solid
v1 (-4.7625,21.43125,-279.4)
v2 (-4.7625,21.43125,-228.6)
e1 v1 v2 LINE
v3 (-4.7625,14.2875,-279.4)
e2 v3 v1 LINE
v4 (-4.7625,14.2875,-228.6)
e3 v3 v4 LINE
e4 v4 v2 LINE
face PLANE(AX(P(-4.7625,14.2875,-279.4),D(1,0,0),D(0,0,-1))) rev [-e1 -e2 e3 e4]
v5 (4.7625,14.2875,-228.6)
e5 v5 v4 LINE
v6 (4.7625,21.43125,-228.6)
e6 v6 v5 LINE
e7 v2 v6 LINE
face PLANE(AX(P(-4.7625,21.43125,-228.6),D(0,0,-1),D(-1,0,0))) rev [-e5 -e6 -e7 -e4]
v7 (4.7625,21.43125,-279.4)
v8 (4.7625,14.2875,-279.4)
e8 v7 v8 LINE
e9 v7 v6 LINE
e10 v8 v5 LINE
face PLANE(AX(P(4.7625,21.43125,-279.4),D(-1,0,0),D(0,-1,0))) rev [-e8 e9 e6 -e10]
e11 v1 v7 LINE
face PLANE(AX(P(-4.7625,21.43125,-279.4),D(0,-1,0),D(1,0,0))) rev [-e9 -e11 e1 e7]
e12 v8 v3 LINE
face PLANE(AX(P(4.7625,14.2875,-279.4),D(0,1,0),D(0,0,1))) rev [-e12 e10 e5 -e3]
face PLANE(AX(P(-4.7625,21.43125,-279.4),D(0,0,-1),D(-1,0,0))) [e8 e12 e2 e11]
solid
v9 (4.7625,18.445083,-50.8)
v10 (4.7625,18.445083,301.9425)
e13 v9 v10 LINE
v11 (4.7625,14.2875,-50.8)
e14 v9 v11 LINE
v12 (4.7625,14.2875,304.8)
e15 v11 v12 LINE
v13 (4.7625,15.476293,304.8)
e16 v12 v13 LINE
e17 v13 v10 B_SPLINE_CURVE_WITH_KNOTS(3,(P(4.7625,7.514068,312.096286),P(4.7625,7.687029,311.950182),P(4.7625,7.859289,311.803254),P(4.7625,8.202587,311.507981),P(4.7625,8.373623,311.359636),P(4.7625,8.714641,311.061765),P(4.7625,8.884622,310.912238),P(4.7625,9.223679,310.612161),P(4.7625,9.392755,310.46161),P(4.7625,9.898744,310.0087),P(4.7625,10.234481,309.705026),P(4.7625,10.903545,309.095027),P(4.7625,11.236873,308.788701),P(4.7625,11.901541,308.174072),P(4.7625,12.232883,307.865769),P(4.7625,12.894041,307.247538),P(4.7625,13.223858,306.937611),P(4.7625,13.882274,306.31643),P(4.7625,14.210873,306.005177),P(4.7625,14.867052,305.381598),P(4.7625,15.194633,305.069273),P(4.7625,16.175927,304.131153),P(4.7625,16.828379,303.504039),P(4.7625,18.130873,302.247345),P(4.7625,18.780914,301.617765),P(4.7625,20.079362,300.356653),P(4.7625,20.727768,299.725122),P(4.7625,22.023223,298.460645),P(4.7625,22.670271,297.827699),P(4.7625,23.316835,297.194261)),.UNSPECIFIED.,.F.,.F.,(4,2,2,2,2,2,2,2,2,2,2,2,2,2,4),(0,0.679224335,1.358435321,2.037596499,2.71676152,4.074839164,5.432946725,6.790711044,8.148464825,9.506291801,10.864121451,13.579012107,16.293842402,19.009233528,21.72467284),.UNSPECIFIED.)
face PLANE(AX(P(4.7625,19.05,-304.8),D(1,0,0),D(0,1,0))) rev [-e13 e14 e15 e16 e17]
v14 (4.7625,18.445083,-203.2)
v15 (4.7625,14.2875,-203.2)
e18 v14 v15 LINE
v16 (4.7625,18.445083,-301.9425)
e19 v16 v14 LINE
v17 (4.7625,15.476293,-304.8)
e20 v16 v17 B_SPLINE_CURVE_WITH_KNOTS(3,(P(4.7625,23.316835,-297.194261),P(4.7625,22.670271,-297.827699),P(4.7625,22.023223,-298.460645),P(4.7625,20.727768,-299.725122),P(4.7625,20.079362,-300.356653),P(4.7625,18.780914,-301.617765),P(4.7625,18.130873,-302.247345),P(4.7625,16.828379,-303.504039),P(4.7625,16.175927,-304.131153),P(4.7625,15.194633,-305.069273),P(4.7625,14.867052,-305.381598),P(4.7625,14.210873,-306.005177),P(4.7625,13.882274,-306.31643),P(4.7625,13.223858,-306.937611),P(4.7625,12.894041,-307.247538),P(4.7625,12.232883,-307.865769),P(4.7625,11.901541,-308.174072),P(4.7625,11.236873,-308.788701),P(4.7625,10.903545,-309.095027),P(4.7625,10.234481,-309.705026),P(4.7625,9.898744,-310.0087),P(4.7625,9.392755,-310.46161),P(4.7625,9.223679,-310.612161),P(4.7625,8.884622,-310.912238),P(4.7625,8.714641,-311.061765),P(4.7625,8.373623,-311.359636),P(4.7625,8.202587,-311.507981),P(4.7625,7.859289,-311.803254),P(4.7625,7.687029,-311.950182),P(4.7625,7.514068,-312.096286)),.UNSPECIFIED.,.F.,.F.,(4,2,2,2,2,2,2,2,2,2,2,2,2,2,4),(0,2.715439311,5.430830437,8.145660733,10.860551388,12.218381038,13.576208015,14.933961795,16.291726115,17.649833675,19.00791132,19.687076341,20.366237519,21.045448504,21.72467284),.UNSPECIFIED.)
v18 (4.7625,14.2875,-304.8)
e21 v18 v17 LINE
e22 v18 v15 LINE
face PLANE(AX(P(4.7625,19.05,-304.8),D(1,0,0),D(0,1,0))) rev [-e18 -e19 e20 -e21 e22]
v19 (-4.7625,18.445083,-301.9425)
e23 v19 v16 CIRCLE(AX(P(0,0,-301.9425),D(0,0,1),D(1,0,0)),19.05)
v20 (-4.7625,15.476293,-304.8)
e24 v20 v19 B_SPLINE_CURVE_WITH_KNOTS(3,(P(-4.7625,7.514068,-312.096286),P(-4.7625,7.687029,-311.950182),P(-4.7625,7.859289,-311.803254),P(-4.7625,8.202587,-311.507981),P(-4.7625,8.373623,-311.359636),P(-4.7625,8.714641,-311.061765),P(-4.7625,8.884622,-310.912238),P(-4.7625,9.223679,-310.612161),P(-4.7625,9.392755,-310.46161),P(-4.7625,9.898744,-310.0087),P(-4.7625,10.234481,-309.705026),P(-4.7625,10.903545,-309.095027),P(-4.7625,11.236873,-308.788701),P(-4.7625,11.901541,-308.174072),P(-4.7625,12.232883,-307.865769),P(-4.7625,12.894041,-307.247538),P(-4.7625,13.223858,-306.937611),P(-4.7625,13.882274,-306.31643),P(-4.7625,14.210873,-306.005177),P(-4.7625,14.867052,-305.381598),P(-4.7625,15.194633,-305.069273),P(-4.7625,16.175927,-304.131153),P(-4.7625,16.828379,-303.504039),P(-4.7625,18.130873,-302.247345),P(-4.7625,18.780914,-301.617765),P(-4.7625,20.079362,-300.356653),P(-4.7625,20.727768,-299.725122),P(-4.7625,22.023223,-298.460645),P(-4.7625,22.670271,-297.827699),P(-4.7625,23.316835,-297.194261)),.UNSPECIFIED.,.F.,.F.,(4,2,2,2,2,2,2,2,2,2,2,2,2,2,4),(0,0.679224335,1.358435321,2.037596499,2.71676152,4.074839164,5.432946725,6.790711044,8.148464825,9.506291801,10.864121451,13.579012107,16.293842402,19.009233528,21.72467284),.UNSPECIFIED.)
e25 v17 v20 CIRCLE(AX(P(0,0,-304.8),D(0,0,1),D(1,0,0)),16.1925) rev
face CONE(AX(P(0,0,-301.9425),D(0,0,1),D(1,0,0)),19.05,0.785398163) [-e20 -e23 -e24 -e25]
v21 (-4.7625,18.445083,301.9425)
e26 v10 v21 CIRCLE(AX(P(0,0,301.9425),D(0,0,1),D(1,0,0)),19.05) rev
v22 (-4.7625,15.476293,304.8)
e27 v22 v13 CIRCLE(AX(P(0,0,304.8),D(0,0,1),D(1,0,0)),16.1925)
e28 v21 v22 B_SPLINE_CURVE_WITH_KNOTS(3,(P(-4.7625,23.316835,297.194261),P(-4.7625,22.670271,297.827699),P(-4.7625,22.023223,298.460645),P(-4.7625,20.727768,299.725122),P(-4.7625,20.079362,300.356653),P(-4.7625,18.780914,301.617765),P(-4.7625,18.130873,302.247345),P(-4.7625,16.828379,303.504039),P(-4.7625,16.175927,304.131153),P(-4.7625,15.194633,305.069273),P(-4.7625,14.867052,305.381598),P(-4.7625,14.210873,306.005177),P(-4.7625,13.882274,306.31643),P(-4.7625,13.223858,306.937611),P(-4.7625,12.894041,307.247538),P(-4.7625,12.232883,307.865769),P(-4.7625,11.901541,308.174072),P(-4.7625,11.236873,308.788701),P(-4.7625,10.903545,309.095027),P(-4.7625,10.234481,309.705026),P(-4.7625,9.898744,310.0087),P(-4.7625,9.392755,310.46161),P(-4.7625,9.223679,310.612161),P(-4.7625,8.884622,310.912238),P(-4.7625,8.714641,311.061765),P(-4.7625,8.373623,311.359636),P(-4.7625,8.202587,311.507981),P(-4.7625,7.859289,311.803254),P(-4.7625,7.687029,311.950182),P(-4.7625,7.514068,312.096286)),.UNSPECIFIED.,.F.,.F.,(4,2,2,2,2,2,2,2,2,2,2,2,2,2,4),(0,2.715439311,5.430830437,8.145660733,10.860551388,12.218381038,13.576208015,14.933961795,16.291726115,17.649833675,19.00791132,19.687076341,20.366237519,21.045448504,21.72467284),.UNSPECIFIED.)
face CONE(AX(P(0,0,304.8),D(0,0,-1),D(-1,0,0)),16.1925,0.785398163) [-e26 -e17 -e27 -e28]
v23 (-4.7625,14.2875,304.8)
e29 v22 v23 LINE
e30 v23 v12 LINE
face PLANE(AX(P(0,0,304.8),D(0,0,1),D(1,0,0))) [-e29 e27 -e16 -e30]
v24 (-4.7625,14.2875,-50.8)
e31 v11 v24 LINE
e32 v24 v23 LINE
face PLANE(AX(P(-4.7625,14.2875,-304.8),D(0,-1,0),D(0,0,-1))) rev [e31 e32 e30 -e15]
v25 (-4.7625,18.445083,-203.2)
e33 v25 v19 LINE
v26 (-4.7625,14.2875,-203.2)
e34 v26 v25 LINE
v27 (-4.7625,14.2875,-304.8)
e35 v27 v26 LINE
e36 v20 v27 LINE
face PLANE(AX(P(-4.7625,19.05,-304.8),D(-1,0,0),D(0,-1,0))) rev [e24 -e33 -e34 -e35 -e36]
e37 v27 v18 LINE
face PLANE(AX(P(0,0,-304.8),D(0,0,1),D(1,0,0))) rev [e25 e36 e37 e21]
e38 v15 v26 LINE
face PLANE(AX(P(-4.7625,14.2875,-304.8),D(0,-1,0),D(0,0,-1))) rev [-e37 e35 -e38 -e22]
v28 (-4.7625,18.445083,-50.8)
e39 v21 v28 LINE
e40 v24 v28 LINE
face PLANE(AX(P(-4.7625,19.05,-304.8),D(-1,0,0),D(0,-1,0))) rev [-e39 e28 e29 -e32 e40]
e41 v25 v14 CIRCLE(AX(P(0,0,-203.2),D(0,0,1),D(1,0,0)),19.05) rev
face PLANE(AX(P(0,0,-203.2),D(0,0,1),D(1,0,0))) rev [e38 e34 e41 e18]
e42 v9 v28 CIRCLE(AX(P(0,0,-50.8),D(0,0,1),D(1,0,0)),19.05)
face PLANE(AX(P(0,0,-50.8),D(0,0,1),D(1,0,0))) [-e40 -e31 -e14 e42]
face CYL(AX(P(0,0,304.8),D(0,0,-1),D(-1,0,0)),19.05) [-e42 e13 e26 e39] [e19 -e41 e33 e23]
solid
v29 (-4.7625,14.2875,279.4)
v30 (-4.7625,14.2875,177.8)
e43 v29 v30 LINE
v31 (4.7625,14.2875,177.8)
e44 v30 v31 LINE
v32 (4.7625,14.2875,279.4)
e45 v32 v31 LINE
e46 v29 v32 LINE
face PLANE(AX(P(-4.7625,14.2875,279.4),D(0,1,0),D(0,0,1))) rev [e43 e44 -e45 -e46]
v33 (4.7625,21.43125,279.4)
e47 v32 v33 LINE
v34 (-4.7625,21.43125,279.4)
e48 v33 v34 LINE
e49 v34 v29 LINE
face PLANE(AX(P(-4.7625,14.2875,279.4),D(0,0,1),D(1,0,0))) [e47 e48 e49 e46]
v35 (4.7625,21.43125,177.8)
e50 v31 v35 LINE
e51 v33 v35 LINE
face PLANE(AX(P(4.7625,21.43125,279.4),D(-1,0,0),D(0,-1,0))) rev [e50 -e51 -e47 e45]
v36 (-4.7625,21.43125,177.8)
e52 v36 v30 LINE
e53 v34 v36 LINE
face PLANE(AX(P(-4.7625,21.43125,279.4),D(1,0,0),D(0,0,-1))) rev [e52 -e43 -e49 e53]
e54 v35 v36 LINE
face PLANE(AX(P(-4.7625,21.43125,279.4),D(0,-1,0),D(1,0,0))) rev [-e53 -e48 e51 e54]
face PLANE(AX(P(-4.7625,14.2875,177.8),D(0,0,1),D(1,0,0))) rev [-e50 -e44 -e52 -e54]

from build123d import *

# Parameters (mm, degrees)
SKETCH1_R           = 19.05
EXTRUDE1_DEPTH      = 304.8
CHAMFER1_SIZE       = 2.8575
EXTRUDE2_DEPTH      = 306.9883086
EXTRUDE2_DEPTH_BACK = 306.9883086
SKETCH3_W           = 9.525
SKETCH3_H           = 4.7625
EXTRUDE3_START      = -203.2
SKETCH1_2_R         = 19.05
EXTRUDE3_DEPTH      = 152.4
SKETCH5_W           = 9.525
SKETCH5_H           = 7.14375
EXTRUDE4_DEPTH      = 50.8
SKETCH6_W           = 9.525
SKETCH6_H           = 7.14375
EXTRUDE5_DEPTH      = 25.4


with BuildPart() as part:
    # Sketch1 → Extrude1 (new, symmetric)
    with BuildSketch(Plane.XY):
        with Locations(Location((0, 0, 0), (0, 0, 180))):
            Circle(SKETCH1_R)
    extrude(amount=EXTRUDE1_DEPTH, both=True)

    # Chamfer1
    chamfer1_edges = [part.edges().sort_by_distance(p)[0] for p in [
        (19.05, 0, -304.8),
        (19.05, 0, 304.8),
    ]]
    chamfer(chamfer1_edges, length=CHAMFER1_SIZE)

    # Sketch3 → Extrude2 (cut, two sides: drawn at the far end of the back side and taken through both)
    with BuildSketch(Plane.XY.offset(-EXTRUDE2_DEPTH_BACK)):
        with Locations((0, 16.66875)):
            Rectangle(SKETCH3_W, SKETCH3_H)
    extrude(amount=EXTRUDE2_DEPTH + EXTRUDE2_DEPTH_BACK, mode=Mode.SUBTRACT)

    # Sketch1<2> → Extrude3 (add)
    with BuildSketch(Plane.XY.offset(EXTRUDE3_START)):
        with Locations(Location((0, 0, 0), (0, 0, 104.477512186))):
            Circle(SKETCH1_2_R)
    extrude(amount=EXTRUDE3_DEPTH)


with BuildPart() as body_2:
    # Sketch5 → Extrude4 (new, symmetric)
    with BuildSketch(Plane.XY.offset(228.6)):
        with Locations((0, 17.859375)):
            Rectangle(SKETCH5_W, SKETCH5_H)
    extrude(amount=EXTRUDE4_DEPTH, both=True)


with BuildPart() as body_3:
    # Sketch6 → Extrude5 (new, symmetric)
    with BuildSketch(Plane(origin=(0, 0, -254), x_dir=(-1, 0, 0), z_dir=(0, 0, -1))):
        with Locations((0, 17.859375)):
            Rectangle(SKETCH6_W, SKETCH6_H)
    extrude(amount=EXTRUDE5_DEPTH, both=True)


solid = Compound([part.part, body_2.part, body_3.part])
